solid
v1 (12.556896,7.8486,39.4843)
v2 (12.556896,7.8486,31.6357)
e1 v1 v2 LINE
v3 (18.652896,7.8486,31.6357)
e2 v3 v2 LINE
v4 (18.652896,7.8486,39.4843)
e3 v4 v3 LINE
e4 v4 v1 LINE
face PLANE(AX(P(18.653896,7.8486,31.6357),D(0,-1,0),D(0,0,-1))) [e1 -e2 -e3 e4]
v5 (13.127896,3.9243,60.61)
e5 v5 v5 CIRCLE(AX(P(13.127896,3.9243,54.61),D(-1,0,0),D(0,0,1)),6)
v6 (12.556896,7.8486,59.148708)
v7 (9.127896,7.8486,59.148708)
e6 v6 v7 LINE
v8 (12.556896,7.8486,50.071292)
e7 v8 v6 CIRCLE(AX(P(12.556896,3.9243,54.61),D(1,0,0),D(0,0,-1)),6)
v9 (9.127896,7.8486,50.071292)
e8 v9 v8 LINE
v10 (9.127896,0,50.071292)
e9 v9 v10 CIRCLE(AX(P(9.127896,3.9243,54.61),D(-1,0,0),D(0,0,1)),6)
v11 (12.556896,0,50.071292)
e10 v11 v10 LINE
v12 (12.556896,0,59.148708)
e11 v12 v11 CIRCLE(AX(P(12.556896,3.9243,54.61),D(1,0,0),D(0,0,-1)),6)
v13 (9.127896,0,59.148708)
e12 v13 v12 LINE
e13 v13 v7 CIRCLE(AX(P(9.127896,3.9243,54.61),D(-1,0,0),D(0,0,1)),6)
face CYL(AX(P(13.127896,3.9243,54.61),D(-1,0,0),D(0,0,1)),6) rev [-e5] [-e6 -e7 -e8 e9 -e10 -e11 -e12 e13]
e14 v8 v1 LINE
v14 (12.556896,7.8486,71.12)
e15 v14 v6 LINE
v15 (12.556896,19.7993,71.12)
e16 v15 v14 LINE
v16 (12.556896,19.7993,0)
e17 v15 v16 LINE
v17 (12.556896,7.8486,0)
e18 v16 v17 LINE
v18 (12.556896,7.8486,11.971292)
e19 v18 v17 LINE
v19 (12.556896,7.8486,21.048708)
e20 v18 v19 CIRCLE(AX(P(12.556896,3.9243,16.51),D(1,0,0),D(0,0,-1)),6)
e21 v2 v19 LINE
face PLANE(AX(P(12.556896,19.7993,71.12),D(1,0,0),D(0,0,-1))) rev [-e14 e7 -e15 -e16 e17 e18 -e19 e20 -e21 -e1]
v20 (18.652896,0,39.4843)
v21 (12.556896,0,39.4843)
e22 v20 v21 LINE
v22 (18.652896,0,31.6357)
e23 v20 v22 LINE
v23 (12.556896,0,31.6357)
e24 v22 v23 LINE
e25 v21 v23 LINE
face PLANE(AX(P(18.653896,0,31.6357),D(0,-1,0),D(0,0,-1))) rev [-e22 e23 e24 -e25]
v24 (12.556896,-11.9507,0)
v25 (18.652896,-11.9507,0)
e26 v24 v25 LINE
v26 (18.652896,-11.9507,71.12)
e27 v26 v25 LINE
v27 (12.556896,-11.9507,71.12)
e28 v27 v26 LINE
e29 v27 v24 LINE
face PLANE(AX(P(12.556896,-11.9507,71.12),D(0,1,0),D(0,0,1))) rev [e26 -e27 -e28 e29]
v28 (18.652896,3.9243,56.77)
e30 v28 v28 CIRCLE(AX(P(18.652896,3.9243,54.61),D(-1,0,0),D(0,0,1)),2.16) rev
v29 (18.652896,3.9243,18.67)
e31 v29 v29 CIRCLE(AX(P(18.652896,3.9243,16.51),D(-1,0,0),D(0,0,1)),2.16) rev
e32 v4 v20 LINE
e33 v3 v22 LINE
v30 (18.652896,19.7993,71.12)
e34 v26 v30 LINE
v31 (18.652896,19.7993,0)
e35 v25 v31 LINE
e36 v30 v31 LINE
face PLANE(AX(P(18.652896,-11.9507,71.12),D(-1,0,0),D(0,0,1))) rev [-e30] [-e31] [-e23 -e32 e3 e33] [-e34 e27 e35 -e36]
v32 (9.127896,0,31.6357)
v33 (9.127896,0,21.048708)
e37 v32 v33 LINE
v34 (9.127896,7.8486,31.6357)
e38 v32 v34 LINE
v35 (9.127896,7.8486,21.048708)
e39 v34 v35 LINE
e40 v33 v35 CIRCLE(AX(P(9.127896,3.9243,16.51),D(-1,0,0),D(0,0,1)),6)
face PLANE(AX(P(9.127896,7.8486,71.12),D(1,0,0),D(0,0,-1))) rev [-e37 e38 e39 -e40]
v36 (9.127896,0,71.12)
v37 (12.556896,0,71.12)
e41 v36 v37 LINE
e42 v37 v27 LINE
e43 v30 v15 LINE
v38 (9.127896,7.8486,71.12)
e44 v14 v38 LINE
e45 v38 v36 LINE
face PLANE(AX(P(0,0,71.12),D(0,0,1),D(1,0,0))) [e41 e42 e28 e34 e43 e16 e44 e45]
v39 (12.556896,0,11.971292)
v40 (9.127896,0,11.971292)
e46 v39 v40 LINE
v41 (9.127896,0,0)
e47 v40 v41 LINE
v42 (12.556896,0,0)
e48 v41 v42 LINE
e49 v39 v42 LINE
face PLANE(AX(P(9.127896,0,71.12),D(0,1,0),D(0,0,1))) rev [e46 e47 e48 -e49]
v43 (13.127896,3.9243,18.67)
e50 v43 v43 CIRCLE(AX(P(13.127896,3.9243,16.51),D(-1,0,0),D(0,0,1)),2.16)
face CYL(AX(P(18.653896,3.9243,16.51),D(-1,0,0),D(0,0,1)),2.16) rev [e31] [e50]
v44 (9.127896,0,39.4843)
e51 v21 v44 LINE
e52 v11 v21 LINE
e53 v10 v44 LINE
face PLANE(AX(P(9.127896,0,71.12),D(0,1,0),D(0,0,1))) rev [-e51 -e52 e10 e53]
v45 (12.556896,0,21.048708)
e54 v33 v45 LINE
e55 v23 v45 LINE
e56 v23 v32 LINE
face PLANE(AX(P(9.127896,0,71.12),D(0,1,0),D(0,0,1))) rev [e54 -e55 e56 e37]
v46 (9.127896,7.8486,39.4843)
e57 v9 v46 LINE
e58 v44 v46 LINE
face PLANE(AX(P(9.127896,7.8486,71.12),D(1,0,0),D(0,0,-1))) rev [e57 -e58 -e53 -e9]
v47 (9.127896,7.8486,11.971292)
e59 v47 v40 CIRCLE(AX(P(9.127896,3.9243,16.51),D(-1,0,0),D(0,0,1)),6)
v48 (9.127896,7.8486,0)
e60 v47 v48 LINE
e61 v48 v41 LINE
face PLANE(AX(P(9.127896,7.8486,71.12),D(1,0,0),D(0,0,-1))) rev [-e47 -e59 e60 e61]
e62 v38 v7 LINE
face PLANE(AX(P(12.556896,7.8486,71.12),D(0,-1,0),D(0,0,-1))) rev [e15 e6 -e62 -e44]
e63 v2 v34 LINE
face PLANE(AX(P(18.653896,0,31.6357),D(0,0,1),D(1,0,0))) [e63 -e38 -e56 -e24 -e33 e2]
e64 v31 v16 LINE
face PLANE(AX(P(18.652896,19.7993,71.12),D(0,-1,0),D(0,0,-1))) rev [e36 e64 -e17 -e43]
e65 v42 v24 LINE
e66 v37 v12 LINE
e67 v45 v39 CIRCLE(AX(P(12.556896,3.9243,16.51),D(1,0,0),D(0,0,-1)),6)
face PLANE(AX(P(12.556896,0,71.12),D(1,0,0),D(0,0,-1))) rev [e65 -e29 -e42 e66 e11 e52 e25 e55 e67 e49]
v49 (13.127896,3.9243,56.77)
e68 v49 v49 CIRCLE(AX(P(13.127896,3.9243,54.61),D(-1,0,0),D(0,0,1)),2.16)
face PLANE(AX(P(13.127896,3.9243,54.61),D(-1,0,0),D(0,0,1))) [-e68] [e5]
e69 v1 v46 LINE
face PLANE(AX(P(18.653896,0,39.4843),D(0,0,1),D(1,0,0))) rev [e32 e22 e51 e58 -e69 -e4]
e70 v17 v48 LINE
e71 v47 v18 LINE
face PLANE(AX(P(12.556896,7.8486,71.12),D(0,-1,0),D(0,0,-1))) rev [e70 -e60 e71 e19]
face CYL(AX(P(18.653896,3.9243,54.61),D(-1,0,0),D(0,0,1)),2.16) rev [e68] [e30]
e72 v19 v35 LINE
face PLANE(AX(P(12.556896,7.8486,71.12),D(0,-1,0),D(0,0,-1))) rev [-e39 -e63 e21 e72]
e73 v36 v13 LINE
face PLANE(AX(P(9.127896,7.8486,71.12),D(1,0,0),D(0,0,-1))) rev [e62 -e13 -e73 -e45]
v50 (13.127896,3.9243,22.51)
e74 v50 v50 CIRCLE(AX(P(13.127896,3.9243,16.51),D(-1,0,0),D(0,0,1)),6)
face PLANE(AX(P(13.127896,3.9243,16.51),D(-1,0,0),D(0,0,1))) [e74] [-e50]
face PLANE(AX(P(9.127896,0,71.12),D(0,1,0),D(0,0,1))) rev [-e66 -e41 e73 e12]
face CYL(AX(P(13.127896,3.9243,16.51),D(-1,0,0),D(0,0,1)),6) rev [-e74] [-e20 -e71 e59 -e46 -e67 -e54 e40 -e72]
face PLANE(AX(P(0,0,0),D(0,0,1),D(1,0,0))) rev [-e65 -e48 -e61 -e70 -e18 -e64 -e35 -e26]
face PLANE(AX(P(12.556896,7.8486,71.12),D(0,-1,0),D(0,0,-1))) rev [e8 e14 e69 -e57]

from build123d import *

# Parameters (mm, degrees)
BOSS_EXTRUDE1_DEPTH = 71.12
SKETCH2_R           = 6
CUT_EXTRUDE1_DEPTH  = 4
CUT_EXTRUDE2_REACH  = 76.031
SKETCH3_R           = 2.16
CUT_EXTRUDE3_REACH  = 76.436
SKETCH5_W           = 7.8486
SKETCH5_H           = 7.8486


with BuildPart() as part:
    # Sketch1 → Boss-Extrude1 (new body)
    with BuildSketch(Plane.XY):
        Polygon((9.127895876, 7.8486), (9.127895876, 0), (12.556895876, 0), (12.556895876, -11.9507), (18.652895876, -11.9507), (18.652895876, 19.7993), (12.556895876, 19.7993), (12.556895876, 7.8486), align=None)
    extrude(amount=BOSS_EXTRUDE1_DEPTH)

    # Sketch2 → Cut-Extrude1 (cut)
    with BuildSketch(Plane.ZY.offset(-9.127895876)):
        with Locations((16.51, 3.9243)):
            Circle(SKETCH2_R)
        with Locations((54.61, 3.9243)):
            Circle(SKETCH2_R)
    extrude(amount=-CUT_EXTRUDE1_DEPTH, mode=Mode.SUBTRACT)

    # Sketch3 → Cut-Extrude2 (cut, up to next)
    with BuildSketch(Plane.ZY.offset(-13.127895876), mode=Mode.PRIVATE) as cut_extrude2_sk1:
        with Locations((16.51, 3.9243)):
            Circle(SKETCH3_R)
    cut_extrude2_tool1 = extrude(cut_extrude2_sk1.sketch, amount=-CUT_EXTRUDE2_REACH, mode=Mode.PRIVATE) & part.part
    # Sketch3 → Cut-Extrude2 (cut, up to next)
    with BuildSketch(Plane.ZY.offset(-13.127895876), mode=Mode.PRIVATE) as cut_extrude2_sk2:
        with Locations((54.61, 3.9243)):
            Circle(SKETCH3_R)
    cut_extrude2_tool2 = extrude(cut_extrude2_sk2.sketch, amount=-CUT_EXTRUDE2_REACH, mode=Mode.PRIVATE) & part.part
    add(cut_extrude2_tool1.solids().sort_by_distance((13.127896, 3.9243, 16.51))[0], mode=Mode.SUBTRACT)
    add(cut_extrude2_tool2.solids().sort_by_distance((13.127896, 3.9243, 54.61))[0], mode=Mode.SUBTRACT)

    # Sketch5 → Cut-Extrude3 (cut, up to next)
    with BuildSketch(Plane.ZY.offset(-9.127895876), mode=Mode.PRIVATE) as cut_extrude3_sk1:
        with Locations((35.56, 3.9243)):
            Rectangle(SKETCH5_W, SKETCH5_H)
    cut_extrude3_tool1 = extrude(cut_extrude3_sk1.sketch, amount=-CUT_EXTRUDE3_REACH, mode=Mode.PRIVATE) & part.part
    add(cut_extrude3_tool1.solids().sort_by_distance((9.127896, 3.9243, 35.56))[0], mode=Mode.SUBTRACT)


solid = part.part
